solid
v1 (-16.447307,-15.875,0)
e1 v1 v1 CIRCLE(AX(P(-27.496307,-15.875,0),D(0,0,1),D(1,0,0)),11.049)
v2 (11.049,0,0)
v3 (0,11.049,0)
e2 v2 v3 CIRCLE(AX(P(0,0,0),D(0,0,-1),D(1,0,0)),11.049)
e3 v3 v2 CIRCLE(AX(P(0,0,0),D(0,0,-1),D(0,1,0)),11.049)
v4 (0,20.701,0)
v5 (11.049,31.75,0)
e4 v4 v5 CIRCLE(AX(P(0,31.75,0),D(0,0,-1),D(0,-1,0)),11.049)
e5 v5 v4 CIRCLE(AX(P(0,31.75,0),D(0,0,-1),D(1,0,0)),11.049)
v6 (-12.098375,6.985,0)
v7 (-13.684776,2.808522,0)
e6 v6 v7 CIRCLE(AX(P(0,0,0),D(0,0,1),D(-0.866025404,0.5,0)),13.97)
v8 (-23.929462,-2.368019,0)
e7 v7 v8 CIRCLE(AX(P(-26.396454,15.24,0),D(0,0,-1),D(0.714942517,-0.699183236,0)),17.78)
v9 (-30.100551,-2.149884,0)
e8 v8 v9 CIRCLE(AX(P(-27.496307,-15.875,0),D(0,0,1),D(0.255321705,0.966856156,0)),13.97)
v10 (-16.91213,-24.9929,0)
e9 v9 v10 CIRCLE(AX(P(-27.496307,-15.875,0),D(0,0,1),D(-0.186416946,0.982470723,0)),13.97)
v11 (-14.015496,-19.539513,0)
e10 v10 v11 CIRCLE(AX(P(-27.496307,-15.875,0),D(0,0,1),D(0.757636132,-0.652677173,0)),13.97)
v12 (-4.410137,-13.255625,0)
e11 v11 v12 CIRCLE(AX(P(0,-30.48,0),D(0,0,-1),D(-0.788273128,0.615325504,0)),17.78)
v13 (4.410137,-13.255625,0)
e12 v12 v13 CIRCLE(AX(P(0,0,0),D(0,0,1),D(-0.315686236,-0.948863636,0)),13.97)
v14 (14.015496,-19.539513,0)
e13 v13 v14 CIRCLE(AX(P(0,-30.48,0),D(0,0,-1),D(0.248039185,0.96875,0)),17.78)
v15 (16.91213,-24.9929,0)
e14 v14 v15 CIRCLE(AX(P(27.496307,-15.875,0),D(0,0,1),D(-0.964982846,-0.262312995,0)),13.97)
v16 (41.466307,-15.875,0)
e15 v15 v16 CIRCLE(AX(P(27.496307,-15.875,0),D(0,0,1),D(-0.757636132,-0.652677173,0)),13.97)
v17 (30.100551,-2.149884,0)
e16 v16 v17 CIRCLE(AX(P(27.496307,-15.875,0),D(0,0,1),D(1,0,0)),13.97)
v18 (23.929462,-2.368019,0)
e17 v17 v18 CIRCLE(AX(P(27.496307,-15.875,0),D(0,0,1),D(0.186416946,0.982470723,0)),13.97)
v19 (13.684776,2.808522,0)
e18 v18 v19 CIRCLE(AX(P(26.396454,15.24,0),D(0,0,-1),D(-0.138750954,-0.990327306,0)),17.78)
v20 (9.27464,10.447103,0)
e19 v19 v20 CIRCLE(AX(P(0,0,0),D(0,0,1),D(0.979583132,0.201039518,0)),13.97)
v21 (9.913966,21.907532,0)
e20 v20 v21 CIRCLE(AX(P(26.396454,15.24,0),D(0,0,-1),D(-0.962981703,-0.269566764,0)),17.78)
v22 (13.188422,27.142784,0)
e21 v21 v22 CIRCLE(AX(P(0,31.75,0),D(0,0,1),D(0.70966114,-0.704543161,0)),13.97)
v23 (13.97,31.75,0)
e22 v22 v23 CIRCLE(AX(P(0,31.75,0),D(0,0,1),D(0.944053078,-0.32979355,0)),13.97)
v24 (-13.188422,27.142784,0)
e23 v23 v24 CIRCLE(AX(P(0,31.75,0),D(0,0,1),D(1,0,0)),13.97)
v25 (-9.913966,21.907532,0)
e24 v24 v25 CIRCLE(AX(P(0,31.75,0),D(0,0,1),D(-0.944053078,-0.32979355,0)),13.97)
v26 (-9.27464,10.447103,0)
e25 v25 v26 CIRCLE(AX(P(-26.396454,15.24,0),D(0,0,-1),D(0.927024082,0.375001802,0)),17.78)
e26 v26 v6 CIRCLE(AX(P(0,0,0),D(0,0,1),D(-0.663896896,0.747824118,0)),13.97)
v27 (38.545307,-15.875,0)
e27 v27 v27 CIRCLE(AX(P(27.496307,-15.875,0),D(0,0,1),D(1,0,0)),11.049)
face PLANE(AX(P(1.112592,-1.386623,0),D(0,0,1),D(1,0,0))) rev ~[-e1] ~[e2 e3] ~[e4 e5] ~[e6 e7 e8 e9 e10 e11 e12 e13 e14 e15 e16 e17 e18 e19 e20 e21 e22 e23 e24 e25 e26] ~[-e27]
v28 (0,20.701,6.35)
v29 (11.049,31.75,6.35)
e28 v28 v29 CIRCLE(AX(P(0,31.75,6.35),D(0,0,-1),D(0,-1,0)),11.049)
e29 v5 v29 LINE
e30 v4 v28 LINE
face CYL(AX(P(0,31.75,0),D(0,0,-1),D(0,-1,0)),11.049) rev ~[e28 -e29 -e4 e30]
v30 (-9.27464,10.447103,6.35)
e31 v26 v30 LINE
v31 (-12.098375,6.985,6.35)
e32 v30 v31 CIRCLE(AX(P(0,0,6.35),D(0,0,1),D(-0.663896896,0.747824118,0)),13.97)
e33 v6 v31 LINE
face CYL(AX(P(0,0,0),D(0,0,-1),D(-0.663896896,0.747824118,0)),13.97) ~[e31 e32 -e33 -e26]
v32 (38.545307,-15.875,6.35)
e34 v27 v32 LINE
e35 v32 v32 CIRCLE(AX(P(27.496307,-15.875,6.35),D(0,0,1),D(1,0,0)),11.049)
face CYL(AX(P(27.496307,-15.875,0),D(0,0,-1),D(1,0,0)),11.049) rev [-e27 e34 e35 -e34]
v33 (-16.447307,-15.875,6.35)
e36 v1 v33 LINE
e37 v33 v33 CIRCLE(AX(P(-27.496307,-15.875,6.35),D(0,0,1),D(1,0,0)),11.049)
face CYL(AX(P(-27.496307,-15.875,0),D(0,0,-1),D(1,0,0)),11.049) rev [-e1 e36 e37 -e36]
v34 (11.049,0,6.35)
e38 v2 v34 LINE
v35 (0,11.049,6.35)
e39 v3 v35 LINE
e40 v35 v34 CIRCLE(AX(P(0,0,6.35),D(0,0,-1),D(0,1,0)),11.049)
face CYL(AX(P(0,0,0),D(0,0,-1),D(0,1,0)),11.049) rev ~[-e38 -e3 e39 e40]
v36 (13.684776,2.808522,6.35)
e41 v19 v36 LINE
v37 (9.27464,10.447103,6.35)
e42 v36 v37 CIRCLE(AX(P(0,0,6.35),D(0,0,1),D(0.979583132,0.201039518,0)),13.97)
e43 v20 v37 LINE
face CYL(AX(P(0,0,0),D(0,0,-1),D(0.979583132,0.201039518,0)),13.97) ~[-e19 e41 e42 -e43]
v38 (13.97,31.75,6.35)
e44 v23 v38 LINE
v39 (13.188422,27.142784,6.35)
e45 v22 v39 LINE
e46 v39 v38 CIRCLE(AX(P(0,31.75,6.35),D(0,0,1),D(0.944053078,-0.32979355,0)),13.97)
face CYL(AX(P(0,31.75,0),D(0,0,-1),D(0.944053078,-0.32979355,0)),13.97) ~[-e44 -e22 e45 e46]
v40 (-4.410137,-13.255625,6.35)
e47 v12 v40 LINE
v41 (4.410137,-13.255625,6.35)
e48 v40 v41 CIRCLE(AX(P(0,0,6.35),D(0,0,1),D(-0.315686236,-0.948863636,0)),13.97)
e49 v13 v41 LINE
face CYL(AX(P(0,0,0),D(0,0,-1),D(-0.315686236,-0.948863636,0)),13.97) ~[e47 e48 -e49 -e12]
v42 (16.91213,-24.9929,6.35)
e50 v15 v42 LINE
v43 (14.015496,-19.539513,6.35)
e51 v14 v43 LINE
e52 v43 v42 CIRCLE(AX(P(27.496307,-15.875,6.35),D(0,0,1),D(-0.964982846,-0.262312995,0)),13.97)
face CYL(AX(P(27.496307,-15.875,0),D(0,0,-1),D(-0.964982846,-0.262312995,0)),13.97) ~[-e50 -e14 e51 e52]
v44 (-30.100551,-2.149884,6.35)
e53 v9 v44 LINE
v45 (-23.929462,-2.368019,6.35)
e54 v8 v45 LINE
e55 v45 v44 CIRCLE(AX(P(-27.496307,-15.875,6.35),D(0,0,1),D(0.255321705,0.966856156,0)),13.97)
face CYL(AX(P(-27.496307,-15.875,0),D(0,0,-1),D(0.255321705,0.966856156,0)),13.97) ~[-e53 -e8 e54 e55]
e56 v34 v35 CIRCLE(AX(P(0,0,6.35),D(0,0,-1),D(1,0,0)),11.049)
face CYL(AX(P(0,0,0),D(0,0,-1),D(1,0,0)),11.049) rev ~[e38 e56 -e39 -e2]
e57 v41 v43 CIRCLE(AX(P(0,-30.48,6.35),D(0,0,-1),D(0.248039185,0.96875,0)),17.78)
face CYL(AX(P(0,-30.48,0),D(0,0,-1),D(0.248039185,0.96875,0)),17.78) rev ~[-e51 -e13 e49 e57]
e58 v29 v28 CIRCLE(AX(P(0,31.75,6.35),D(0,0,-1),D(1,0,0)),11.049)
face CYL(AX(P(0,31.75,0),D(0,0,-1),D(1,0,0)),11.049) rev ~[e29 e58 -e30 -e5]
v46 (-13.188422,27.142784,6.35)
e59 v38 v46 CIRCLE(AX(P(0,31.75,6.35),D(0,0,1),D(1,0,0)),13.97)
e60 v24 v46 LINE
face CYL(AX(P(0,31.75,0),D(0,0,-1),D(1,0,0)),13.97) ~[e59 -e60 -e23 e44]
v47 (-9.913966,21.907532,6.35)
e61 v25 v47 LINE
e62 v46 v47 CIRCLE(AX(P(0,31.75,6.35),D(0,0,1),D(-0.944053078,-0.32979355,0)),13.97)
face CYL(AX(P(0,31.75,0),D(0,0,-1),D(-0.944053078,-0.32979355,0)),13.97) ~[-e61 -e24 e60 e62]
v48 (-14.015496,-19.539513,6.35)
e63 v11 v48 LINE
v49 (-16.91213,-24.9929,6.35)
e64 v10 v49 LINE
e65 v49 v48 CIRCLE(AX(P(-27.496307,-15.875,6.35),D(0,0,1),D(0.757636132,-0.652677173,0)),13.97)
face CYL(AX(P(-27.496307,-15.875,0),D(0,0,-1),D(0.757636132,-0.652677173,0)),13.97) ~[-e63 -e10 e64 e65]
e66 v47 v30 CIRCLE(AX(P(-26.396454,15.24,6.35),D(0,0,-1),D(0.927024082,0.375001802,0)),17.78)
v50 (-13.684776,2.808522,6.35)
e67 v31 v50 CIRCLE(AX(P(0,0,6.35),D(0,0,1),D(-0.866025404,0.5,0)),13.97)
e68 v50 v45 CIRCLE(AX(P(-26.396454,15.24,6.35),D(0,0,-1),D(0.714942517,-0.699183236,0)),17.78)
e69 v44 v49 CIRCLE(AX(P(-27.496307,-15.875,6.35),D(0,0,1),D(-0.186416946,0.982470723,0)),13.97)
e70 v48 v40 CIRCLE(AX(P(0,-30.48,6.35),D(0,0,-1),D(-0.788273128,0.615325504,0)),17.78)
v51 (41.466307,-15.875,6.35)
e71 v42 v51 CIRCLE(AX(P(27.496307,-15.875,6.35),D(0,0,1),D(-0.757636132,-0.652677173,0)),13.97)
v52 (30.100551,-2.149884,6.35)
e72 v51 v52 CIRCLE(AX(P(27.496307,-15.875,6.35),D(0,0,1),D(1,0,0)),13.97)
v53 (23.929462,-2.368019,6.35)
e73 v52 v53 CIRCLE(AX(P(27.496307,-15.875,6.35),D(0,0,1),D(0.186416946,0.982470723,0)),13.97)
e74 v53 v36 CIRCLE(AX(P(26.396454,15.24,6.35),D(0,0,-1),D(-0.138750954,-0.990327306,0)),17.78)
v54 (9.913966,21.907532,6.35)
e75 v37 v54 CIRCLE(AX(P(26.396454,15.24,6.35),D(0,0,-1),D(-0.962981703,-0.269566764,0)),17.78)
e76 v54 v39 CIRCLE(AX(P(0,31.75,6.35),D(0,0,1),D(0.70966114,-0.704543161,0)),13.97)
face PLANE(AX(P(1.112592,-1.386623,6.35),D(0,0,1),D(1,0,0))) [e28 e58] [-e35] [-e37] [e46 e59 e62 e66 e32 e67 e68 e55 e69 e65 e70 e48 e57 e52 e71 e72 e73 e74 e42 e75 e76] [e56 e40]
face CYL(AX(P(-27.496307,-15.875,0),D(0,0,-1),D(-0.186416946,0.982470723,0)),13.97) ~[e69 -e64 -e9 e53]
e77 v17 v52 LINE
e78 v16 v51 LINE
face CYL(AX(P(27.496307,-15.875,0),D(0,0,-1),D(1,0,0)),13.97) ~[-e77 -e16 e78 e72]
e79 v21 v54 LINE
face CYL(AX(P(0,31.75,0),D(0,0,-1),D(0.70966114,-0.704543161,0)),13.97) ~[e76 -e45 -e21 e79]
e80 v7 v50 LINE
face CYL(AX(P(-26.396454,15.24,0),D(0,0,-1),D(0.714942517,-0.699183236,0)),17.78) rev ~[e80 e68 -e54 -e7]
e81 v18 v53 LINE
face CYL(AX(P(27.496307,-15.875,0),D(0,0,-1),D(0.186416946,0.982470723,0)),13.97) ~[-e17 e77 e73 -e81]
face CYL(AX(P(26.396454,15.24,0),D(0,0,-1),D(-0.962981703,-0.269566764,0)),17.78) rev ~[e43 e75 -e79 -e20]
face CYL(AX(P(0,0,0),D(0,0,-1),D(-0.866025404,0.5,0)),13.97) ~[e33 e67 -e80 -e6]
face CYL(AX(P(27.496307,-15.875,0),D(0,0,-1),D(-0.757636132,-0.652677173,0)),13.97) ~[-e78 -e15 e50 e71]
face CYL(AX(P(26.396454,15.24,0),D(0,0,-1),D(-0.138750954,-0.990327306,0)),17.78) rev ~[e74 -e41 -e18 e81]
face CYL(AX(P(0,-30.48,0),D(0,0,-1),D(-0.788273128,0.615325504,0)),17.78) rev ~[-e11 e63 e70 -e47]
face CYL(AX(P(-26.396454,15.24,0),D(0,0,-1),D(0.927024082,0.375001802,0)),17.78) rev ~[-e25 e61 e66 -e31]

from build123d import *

# Parameters (mm, degrees)
F0_R     = 11.049
F1_DEPTH = 6.35


with BuildPart() as f1:
    # F0 (on Top) → F1 (new body)
    with BuildSketch(Plane.XY):
        with BuildLine():
            ThreePointArc((0, 11.049), (7.8128228253, 7.8128228253), (11.049, 0))
            ThreePointArc((11.049, 0), (-2.8596916293, -10.6725144547), (-9.5687146864, 5.5245))
            Line((-9.5687146864, 5.5245), (-10.9985226281, 6.35))
            ThreePointArc((-10.9985226281, 6.35), (-12.2305425843, 4.4949851068), (-13.6847763514, 2.8085220692))
            ThreePointArc((-13.6847763514, 2.8085220692), (-12.0983748909, -6.985), (-4.4101367166, -13.255625))
            ThreePointArc((-4.4101367166, -13.255625), (0, -12.7), (4.4101367166, -13.255625))
            ThreePointArc((4.4101367166, -13.255625), (11.3307217319, -8.1716366191), (13.97, 0))
            ThreePointArc((13.97, 0), (13.8985111726, 1.4114840367), (13.6847763514, 2.8085220692))
            ThreePointArc((13.6847763514, 2.8085220692), (10.9985226281, 6.35), (9.2746396347, 10.4471029308))
            ThreePointArc((9.2746396347, 10.4471029308), (4.9605882744, 13.059611938), (0, 13.97))
            Line((0, 13.97), (0, 11.049))
        make_face()
        with BuildLine():
            ThreePointArc((-9.5687146864, 5.5245), (-5.5245, 9.5687146864), (0, 11.049))
            Line((0, 11.049), (0, 13.97))
            ThreePointArc((0, 13.97), (-4.9605882745, 13.059611938), (-9.2746396347, 10.4471029308))
            ThreePointArc((-9.2746396347, 10.4471029308), (-10.0080425843, 8.3444680266), (-10.9985226281, 6.35))
            Line((-10.9985226281, 6.35), (-9.5687146864, 5.5245))
        make_face()
        with BuildLine():
            Line((0, 17.78), (0, 13.97))
            ThreePointArc((0, 13.97), (4.9605882744, 13.059611938), (9.2746396347, 10.4471029308))
            ThreePointArc((9.2746396347, 10.4471029308), (8.6440558401, 16.2303275513), (9.91396613, 21.9075320385))
            ThreePointArc((9.91396613, 21.9075320385), (5.369433051, 18.8530977087), (0, 17.78))
        make_face()
        with BuildLine():
            ThreePointArc((-9.2746396347, 10.4471029308), (-4.9605882745, 13.059611938), (0, 13.97))
            Line((0, 13.97), (0, 17.78))
            ThreePointArc((0, 17.78), (-5.369433051, 18.8530977087), (-9.91396613, 21.9075320385))
            ThreePointArc((-9.91396613, 21.9075320385), (-8.6440558401, 16.2303275513), (-9.2746396347, 10.4471029308))
        make_face()
        with BuildLine():
            ThreePointArc((-13.6847763514, 2.8085220692), (-12.2305425843, 4.4949851068), (-10.9985226281, 6.35))
            Line((-10.9985226281, 6.35), (-12.0983748909, 6.985))
            ThreePointArc((-12.0983748909, 6.985), (-13.059611938, 4.9605882744), (-13.6847763514, 2.8085220692))
        make_face()
        with BuildLine():
            Line((-12.0983748909, 6.985), (-10.9985226281, 6.35))
            ThreePointArc((-10.9985226281, 6.35), (-10.0080425843, 8.3444680266), (-9.2746396347, 10.4471029308))
            ThreePointArc((-9.2746396347, 10.4471029308), (-10.8258014324, 8.8296615647), (-12.0983748909, 6.985))
        make_face()
        with BuildLine():
            ThreePointArc((13.6847763514, 2.8085220692), (12.0983748909, 6.985), (9.2746396347, 10.4471029308))
            ThreePointArc((9.2746396347, 10.4471029308), (10.9985226281, 6.35), (13.6847763514, 2.8085220692))
        make_face()
        with BuildLine():
            ThreePointArc((-9.91396613, 21.9075320385), (-5.369433051, 18.8530977087), (0, 17.78))
            ThreePointArc((0, 17.78), (5.369433051, 18.8530977087), (9.91396613, 21.9075320385))
            ThreePointArc((9.91396613, 21.9075320385), (11.3221806889, 24.6683972591), (13.1884215, 27.1427841012))
            ThreePointArc((13.1884215, 27.1427841012), (13.7732194558, 29.413479976), (13.97, 31.75))
            ThreePointArc((13.97, 31.75), (-2.336520024, 45.5232194558), (-13.1884215, 27.1427841012))
            ThreePointArc((-13.1884215, 27.1427841012), (-11.3221806889, 24.6683972591), (-9.91396613, 21.9075320385))
        make_face()
        with BuildLine():
            ThreePointArc((11.049, 31.75), (7.8128228253, 23.9371771747), (0, 20.701))
            ThreePointArc((0, 20.701), (-7.8128228253, 39.5628228253), (11.049, 31.75))
        make_face(mode=Mode.SUBTRACT)
        with BuildLine():
            ThreePointArc((-4.4101367166, -13.255625), (-12.0983748909, -6.985), (-13.6847763514, 2.8085220692))
            ThreePointArc((-13.6847763514, 2.8085220692), (-18.3779038912, -0.6291918264), (-23.9294623446, -2.3680194984))
            ThreePointArc((-23.9294623446, -2.3680194984), (-16.4285671029, -7.3505620077), (-13.5263065702, -15.875))
            ThreePointArc((-13.5263065702, -15.875), (-13.6491440329, -17.7235101207), (-14.0154962146, -19.5395125401))
            ThreePointArc((-14.0154962146, -19.5395125401), (-9.7338480512, -15.6011357249), (-4.4101367166, -13.255625))
        make_face()
        with BuildLine():
            ThreePointArc((23.9294623446, -2.3680194984), (18.3779038912, -0.6291918264), (13.6847763514, 2.8085220692))
            ThreePointArc((13.6847763514, 2.8085220692), (13.8985111726, 1.4114840367), (13.97, 0))
            ThreePointArc((13.97, 0), (11.3307217319, -8.1716366191), (4.4101367166, -13.255625))
            ThreePointArc((4.4101367166, -13.255625), (9.7338480512, -15.6011357249), (14.0154962146, -19.5395125401))
            ThreePointArc((14.0154962146, -19.5395125401), (15.3979316793, -8.89), (23.9294623446, -2.3680194984))
        make_face()
        with BuildLine():
            ThreePointArc((13.1884215, 27.1427841012), (11.3221806889, 24.6683972591), (9.91396613, 21.9075320385))
            ThreePointArc((9.91396613, 21.9075320385), (11.8440721288, 24.3419735821), (13.1884215, 27.1427841012))
        make_face()
        with BuildLine():
            ThreePointArc((-13.1884215, 27.1427841012), (-11.8440721288, 24.3419735821), (-9.91396613, 21.9075320385))
            ThreePointArc((-9.91396613, 21.9075320385), (-11.3221806889, 24.6683972591), (-13.1884215, 27.1427841012))
        make_face()
        with BuildLine():
            ThreePointArc((4.4101367166, -13.255625), (0, -12.7), (-4.4101367166, -13.255625))
            ThreePointArc((-4.4101367166, -13.255625), (0, -13.97), (4.4101367166, -13.255625))
        make_face()
        with BuildLine():
            ThreePointArc((-30.1005513111, -2.1498839958), (-27.0245490415, -2.5289025267), (-23.9294623446, -2.3680194984))
            ThreePointArc((-23.9294623446, -2.3680194984), (-27.0028035648, -1.9137194433), (-30.1005513111, -2.1498839958))
        make_face()
        with BuildLine():
            ThreePointArc((-13.5263065702, -15.875), (-16.4285671029, -7.3505620077), (-23.9294623446, -2.3680194984))
            ThreePointArc((-23.9294623446, -2.3680194984), (-27.0245490415, -2.5289025267), (-30.1005513111, -2.1498839958))
            ThreePointArc((-30.1005513111, -2.1498839958), (-39.594681461, -22.86), (-16.9121298111, -24.9929001054))
            ThreePointArc((-16.9121298111, -24.9929001054), (-15.7023683526, -22.1394947323), (-14.0154962146, -19.5395125401))
            ThreePointArc((-14.0154962146, -19.5395125401), (-13.6491440329, -17.7235101207), (-13.5263065702, -15.875))
        make_face()
        with Locations((-27.4963065702, -15.875)):
            Circle(F0_R, mode=Mode.SUBTRACT)
        with BuildLine():
            ThreePointArc((30.1005513111, -2.1498839958), (27.0245490415, -2.5289025267), (23.9294623446, -2.3680194984))
            ThreePointArc((23.9294623446, -2.3680194984), (15.3979316793, -8.89), (14.0154962146, -19.5395125401))
            ThreePointArc((14.0154962146, -19.5395125401), (15.7023683526, -22.1394947323), (16.9121298111, -24.9929001054))
            ThreePointArc((16.9121298111, -24.9929001054), (32.3594306009, -28.9712179526), (41.4663065702, -15.875))
            ThreePointArc((41.4663065702, -15.875), (38.2560044988, -6.9649045749), (30.1005513111, -2.1498839958))
        make_face()
        with Locations((27.4963065702, -15.875)):
            Circle(F0_R, mode=Mode.SUBTRACT)
        with BuildLine():
            ThreePointArc((30.1005513111, -2.1498839958), (27.0028035648, -1.9137194433), (23.9294623446, -2.3680194984))
            ThreePointArc((23.9294623446, -2.3680194984), (27.0245490415, -2.5289025267), (30.1005513111, -2.1498839958))
        make_face()
        with BuildLine():
            ThreePointArc((-16.9121298111, -24.9929001054), (-15.158731436, -22.4282541389), (-14.0154962146, -19.5395125401))
            ThreePointArc((-14.0154962146, -19.5395125401), (-15.7023683526, -22.1394947323), (-16.9121298111, -24.9929001054))
        make_face()
        with BuildLine():
            ThreePointArc((16.9121298111, -24.9929001054), (15.7023683526, -22.1394947323), (14.0154962146, -19.5395125401))
            ThreePointArc((14.0154962146, -19.5395125401), (15.158731436, -22.4282541389), (16.9121298111, -24.9929001054))
        make_face()
    extrude(amount=F1_DEPTH)


solid = f1.part
